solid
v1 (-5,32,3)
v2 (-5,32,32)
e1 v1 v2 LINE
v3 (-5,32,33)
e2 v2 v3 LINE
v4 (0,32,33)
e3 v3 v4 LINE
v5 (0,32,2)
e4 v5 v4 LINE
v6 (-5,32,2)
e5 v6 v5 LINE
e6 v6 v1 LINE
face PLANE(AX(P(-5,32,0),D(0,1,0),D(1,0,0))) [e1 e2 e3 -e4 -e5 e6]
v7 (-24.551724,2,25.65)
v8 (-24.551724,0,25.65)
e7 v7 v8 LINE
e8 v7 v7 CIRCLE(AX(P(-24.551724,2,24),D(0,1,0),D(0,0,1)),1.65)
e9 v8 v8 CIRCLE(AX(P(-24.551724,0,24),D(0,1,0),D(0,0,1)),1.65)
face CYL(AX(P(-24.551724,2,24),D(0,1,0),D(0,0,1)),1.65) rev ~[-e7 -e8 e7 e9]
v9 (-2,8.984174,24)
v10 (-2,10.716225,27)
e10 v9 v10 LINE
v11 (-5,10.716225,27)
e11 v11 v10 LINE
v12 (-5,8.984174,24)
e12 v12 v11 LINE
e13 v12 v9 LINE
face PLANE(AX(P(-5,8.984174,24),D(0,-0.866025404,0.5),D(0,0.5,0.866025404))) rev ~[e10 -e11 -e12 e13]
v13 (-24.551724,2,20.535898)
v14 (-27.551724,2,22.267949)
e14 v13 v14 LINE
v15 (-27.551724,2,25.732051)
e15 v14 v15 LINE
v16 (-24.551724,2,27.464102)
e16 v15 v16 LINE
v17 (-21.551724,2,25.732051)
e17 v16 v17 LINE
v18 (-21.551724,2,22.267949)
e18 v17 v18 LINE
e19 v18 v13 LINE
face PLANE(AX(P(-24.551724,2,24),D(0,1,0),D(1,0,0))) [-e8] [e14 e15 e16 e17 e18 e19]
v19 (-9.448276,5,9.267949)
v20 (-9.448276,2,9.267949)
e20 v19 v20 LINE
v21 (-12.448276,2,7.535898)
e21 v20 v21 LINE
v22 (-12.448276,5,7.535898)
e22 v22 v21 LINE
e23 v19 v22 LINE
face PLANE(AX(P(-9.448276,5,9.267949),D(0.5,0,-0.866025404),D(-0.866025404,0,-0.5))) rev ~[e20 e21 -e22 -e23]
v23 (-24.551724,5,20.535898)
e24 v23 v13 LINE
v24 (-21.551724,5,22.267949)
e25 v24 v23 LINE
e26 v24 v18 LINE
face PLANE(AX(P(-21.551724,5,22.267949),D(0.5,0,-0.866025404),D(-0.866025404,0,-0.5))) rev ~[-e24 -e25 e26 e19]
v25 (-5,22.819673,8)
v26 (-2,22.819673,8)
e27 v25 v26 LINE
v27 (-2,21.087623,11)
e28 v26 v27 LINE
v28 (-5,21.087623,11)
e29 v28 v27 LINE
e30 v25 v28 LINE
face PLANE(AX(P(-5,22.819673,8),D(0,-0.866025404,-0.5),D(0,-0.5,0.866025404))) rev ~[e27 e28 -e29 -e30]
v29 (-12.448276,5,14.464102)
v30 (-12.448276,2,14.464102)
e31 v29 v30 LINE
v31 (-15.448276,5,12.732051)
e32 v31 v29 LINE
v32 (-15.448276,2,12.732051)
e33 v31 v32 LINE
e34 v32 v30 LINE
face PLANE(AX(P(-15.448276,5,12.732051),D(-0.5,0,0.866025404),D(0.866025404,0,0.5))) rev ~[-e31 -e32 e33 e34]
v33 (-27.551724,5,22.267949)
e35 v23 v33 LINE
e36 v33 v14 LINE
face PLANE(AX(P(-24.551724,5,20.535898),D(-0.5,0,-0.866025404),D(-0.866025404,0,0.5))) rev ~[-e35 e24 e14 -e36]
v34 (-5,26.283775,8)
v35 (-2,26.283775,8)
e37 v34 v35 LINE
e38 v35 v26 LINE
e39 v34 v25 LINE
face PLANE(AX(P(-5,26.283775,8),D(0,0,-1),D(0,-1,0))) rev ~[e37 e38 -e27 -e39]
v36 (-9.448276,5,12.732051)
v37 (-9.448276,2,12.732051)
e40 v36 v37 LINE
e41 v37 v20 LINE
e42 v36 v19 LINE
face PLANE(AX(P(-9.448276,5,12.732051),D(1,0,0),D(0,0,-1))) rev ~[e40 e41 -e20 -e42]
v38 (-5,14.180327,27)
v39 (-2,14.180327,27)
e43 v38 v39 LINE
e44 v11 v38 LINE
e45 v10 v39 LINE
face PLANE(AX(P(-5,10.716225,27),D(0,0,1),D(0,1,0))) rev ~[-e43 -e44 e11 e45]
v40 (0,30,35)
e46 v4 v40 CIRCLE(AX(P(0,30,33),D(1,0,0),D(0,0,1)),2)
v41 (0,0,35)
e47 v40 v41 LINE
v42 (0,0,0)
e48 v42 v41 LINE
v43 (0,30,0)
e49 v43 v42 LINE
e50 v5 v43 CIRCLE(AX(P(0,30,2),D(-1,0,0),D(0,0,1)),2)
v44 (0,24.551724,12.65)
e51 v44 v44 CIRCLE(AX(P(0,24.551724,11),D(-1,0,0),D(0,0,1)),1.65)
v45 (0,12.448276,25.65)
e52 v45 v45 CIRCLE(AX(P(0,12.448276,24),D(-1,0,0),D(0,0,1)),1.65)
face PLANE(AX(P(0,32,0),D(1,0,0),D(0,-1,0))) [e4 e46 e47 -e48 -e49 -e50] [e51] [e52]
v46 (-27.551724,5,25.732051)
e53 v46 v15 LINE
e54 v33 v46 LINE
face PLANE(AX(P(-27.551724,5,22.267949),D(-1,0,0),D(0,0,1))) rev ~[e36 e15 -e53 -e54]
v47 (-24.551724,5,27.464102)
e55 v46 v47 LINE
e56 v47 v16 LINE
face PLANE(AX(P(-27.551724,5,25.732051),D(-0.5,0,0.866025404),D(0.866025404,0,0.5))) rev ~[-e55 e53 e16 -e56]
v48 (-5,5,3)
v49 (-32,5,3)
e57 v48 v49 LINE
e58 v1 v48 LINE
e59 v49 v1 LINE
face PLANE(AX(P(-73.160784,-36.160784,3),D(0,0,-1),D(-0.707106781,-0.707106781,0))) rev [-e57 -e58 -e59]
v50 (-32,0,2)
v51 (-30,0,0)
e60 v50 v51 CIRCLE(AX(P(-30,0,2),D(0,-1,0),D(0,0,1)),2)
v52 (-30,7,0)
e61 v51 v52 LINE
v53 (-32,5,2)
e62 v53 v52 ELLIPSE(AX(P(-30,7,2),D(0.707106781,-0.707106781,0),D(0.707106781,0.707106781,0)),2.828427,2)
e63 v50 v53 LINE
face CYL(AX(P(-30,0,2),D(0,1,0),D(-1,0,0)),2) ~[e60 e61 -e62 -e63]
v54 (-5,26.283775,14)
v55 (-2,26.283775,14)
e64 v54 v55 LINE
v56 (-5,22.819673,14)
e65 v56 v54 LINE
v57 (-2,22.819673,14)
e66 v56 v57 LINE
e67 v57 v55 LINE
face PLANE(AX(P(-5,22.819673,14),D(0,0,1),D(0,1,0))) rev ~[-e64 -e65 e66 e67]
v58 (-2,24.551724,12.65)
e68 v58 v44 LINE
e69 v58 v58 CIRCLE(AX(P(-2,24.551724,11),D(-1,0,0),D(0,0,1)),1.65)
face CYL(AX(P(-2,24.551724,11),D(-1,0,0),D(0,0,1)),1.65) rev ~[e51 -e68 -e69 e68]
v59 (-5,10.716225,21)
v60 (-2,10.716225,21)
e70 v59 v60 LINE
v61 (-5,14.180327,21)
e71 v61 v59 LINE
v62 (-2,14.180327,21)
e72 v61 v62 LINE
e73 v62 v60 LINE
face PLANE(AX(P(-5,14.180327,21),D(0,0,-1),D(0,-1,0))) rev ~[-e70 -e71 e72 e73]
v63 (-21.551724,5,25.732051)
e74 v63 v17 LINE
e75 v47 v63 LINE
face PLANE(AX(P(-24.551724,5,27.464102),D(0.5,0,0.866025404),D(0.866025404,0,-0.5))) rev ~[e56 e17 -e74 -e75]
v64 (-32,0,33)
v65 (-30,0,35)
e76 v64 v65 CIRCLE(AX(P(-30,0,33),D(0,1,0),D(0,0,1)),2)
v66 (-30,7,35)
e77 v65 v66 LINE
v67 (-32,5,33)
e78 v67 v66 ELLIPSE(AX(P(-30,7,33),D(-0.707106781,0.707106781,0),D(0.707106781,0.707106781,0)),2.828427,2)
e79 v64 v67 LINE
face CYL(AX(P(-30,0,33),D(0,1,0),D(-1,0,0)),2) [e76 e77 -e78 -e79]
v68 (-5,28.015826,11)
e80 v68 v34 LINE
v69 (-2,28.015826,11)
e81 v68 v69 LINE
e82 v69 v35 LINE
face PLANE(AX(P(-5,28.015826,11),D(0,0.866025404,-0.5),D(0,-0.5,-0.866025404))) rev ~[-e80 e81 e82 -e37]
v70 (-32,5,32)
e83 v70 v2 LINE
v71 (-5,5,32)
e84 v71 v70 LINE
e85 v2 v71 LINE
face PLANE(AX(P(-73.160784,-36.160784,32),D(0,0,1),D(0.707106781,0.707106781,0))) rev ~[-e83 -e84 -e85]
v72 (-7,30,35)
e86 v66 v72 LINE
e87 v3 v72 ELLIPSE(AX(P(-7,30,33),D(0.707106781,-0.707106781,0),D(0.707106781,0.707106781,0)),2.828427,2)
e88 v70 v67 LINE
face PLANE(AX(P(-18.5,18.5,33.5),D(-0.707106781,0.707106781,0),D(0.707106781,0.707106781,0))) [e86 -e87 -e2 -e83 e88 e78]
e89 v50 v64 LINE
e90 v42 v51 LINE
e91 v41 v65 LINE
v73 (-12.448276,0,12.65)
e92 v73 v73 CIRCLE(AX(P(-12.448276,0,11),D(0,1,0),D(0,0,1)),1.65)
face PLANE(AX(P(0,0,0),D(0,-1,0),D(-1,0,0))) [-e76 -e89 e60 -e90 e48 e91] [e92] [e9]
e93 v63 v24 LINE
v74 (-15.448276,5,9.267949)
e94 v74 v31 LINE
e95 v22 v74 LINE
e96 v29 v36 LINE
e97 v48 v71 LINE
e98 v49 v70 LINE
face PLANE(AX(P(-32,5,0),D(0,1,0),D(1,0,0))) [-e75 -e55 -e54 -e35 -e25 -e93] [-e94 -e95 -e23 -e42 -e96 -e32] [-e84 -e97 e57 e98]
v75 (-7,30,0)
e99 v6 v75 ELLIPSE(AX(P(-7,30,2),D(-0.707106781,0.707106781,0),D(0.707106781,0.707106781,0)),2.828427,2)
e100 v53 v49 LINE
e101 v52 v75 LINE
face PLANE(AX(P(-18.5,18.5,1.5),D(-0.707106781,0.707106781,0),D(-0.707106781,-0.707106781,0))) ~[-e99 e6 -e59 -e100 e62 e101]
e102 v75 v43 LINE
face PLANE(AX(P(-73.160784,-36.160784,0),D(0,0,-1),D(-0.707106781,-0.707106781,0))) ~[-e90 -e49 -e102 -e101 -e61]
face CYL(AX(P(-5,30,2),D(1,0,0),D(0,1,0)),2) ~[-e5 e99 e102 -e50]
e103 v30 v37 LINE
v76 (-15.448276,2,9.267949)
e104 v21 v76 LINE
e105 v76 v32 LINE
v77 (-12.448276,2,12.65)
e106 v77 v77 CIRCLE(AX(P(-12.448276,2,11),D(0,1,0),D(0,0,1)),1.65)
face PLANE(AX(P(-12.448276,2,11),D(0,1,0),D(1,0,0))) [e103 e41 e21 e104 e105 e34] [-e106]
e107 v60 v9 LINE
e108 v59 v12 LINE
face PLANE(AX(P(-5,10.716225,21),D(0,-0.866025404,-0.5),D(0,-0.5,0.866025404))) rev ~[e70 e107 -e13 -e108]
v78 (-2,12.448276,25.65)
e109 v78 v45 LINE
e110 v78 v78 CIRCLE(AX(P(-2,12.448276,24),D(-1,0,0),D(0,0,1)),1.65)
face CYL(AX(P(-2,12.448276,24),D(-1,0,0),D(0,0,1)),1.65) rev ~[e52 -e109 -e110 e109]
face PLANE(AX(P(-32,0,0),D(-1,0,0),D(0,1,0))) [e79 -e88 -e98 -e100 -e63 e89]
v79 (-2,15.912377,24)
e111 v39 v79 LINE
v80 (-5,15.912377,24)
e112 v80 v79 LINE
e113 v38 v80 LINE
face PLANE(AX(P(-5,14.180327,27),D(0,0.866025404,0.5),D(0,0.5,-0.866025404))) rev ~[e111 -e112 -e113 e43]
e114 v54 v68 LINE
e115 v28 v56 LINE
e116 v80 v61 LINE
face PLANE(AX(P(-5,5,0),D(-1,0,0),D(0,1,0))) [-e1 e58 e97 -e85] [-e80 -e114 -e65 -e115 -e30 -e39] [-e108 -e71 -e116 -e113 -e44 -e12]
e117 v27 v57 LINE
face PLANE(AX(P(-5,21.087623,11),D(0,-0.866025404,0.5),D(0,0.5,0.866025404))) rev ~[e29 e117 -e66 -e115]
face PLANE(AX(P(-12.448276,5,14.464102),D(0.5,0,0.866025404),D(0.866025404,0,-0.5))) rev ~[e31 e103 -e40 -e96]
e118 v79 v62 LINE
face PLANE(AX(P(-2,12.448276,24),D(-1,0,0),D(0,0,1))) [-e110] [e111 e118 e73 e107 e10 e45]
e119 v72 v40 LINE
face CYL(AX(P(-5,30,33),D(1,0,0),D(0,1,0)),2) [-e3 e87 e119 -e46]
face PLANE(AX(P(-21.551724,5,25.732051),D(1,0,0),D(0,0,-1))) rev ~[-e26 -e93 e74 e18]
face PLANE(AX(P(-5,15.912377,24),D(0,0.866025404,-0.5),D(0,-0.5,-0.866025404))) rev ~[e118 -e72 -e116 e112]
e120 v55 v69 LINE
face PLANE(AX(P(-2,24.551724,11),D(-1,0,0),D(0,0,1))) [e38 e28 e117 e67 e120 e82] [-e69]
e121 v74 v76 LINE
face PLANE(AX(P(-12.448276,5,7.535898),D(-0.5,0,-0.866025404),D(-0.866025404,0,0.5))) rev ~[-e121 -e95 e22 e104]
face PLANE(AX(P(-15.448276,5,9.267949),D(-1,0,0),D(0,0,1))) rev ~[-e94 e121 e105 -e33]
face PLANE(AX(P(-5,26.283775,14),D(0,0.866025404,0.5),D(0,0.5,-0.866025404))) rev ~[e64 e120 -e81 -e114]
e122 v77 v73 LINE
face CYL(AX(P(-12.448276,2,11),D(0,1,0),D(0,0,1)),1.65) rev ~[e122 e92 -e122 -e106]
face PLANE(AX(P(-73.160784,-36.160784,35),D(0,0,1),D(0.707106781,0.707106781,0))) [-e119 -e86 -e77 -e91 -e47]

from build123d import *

# Parameters (mm, degrees)
EXTRUDE_1_DEPTH     = 35
RIB_1_REACH         = 59.21
SKETCH_3_WALL_W     = 154.604044108
SKETCH_3_WALL_H     = 3
CUT_EXTRUDE_1_DEPTH = 3
SKETCH_6_R          = 1.65
CUT_EXTRUDE_2_DEPTH = 8
CUT_EXTRUDE_3_DEPTH = 3
SKETCH_8_R          = 1.65
CUT_EXTRUDE_4_DEPTH = 10
FILLET_1_R          = 2


with BuildPart() as part:
    # Эскиз1 → Бобышка-Вытянуть1 (new body)
    with BuildSketch(Plane.XY):
        Polygon((0, 0), (-32, 0), (-32, 5), (-5, 5), (-5, 32), (0, 32), align=None)
    extrude(amount=EXTRUDE_1_DEPTH)

    # Эскиз3 wall → Ребро1 (add, up to next)
    with BuildSketch(Plane(origin=(-18.5, 18.5, 35), x_dir=(0.707106781187, 0.707106781187, 0), z_dir=(-0.707106781187, 0.707106781187, 0)), mode=Mode.PRIVATE) as rib_1_sk1:
        with Locations((0, 1.5)):
            Rectangle(SKETCH_3_WALL_W, SKETCH_3_WALL_H)
    rib_1_tool1 = extrude(rib_1_sk1.sketch, amount=-RIB_1_REACH, mode=Mode.PRIVATE) - part.part
    rib_1 = rib_1_tool1.solids().sort_by_distance((-18.5, 18.5, 35))[0]
    add(rib_1)

    # Зеркальное отражение1: Ребро1 across plane
    add(rib_1.mirror(Plane.XY.offset(17.5)))

    # Эскиз5 → Вырез-Вытянуть1 (cut)
    with BuildSketch(Plane.ZY.offset(5)):
        Polygon((24, 8.984174247), (27, 10.716225055), (27, 14.18032667), (24, 15.912377477), (21, 14.18032667), (21, 10.716225055), align=None)
        Polygon((11, 21.087622523), (14, 22.81967333), (14, 26.283774945), (11, 28.015825753), (8, 26.283774945), (8, 22.81967333), align=None)
    extrude(amount=-CUT_EXTRUDE_1_DEPTH, mode=Mode.SUBTRACT)

    # Эскиз6 → Вырез-Вытянуть2 (cut)
    with BuildSketch(Plane.ZY.offset(2)):
        with Locations((11, 24.551724138)):
            Circle(SKETCH_6_R)
        with Locations((24, 12.448275862)):
            Circle(SKETCH_6_R)
    extrude(amount=-CUT_EXTRUDE_2_DEPTH, mode=Mode.SUBTRACT)

    # Эскиз7 → Вырез-Вытянуть3 (cut)
    with BuildSketch(Plane(origin=(0, 5, 0), x_dir=(1, 0, 0), z_dir=(0, 1, 0))):
        Polygon((-24.551724138, -20.535898385), (-27.551724138, -22.267949192), (-27.551724138, -25.732050808), (-24.551724138, -27.464101615), (-21.551724138, -25.732050808), (-21.551724138, -22.267949192), align=None)
        Polygon((-12.448275862, -7.535898385), (-15.448275862, -9.267949192), (-15.448275862, -12.732050808), (-12.448275862, -14.464101615), (-9.448275862, -12.732050808), (-9.448275862, -9.267949192), align=None)
    extrude(amount=-CUT_EXTRUDE_3_DEPTH, mode=Mode.SUBTRACT)

    # Эскиз8 → Вырез-Вытянуть4 (cut)
    with BuildSketch(Plane(origin=(0, 2, 0), x_dir=(1, 0, 0), z_dir=(0, 1, 0))):
        with Locations(Location((-24.551724138, -24, 0), (0, 0, 270))):
            Circle(SKETCH_8_R)
        with Locations(Location((-12.448275862, -11, 0), (0, 0, 270))):
            Circle(SKETCH_8_R)
    extrude(amount=-CUT_EXTRUDE_4_DEPTH, mode=Mode.SUBTRACT)

    # Скругление1
    fillet_1_edges = [part.edges().sort_by_distance(p)[0] for p in [
        (-32, 2.5, 35),
        (-32, 2.5, 0),
        (-2.5, 32, 0),
        (-2.5, 32, 35),
    ]]
    fillet(fillet_1_edges, radius=FILLET_1_R)


solid = part.part
